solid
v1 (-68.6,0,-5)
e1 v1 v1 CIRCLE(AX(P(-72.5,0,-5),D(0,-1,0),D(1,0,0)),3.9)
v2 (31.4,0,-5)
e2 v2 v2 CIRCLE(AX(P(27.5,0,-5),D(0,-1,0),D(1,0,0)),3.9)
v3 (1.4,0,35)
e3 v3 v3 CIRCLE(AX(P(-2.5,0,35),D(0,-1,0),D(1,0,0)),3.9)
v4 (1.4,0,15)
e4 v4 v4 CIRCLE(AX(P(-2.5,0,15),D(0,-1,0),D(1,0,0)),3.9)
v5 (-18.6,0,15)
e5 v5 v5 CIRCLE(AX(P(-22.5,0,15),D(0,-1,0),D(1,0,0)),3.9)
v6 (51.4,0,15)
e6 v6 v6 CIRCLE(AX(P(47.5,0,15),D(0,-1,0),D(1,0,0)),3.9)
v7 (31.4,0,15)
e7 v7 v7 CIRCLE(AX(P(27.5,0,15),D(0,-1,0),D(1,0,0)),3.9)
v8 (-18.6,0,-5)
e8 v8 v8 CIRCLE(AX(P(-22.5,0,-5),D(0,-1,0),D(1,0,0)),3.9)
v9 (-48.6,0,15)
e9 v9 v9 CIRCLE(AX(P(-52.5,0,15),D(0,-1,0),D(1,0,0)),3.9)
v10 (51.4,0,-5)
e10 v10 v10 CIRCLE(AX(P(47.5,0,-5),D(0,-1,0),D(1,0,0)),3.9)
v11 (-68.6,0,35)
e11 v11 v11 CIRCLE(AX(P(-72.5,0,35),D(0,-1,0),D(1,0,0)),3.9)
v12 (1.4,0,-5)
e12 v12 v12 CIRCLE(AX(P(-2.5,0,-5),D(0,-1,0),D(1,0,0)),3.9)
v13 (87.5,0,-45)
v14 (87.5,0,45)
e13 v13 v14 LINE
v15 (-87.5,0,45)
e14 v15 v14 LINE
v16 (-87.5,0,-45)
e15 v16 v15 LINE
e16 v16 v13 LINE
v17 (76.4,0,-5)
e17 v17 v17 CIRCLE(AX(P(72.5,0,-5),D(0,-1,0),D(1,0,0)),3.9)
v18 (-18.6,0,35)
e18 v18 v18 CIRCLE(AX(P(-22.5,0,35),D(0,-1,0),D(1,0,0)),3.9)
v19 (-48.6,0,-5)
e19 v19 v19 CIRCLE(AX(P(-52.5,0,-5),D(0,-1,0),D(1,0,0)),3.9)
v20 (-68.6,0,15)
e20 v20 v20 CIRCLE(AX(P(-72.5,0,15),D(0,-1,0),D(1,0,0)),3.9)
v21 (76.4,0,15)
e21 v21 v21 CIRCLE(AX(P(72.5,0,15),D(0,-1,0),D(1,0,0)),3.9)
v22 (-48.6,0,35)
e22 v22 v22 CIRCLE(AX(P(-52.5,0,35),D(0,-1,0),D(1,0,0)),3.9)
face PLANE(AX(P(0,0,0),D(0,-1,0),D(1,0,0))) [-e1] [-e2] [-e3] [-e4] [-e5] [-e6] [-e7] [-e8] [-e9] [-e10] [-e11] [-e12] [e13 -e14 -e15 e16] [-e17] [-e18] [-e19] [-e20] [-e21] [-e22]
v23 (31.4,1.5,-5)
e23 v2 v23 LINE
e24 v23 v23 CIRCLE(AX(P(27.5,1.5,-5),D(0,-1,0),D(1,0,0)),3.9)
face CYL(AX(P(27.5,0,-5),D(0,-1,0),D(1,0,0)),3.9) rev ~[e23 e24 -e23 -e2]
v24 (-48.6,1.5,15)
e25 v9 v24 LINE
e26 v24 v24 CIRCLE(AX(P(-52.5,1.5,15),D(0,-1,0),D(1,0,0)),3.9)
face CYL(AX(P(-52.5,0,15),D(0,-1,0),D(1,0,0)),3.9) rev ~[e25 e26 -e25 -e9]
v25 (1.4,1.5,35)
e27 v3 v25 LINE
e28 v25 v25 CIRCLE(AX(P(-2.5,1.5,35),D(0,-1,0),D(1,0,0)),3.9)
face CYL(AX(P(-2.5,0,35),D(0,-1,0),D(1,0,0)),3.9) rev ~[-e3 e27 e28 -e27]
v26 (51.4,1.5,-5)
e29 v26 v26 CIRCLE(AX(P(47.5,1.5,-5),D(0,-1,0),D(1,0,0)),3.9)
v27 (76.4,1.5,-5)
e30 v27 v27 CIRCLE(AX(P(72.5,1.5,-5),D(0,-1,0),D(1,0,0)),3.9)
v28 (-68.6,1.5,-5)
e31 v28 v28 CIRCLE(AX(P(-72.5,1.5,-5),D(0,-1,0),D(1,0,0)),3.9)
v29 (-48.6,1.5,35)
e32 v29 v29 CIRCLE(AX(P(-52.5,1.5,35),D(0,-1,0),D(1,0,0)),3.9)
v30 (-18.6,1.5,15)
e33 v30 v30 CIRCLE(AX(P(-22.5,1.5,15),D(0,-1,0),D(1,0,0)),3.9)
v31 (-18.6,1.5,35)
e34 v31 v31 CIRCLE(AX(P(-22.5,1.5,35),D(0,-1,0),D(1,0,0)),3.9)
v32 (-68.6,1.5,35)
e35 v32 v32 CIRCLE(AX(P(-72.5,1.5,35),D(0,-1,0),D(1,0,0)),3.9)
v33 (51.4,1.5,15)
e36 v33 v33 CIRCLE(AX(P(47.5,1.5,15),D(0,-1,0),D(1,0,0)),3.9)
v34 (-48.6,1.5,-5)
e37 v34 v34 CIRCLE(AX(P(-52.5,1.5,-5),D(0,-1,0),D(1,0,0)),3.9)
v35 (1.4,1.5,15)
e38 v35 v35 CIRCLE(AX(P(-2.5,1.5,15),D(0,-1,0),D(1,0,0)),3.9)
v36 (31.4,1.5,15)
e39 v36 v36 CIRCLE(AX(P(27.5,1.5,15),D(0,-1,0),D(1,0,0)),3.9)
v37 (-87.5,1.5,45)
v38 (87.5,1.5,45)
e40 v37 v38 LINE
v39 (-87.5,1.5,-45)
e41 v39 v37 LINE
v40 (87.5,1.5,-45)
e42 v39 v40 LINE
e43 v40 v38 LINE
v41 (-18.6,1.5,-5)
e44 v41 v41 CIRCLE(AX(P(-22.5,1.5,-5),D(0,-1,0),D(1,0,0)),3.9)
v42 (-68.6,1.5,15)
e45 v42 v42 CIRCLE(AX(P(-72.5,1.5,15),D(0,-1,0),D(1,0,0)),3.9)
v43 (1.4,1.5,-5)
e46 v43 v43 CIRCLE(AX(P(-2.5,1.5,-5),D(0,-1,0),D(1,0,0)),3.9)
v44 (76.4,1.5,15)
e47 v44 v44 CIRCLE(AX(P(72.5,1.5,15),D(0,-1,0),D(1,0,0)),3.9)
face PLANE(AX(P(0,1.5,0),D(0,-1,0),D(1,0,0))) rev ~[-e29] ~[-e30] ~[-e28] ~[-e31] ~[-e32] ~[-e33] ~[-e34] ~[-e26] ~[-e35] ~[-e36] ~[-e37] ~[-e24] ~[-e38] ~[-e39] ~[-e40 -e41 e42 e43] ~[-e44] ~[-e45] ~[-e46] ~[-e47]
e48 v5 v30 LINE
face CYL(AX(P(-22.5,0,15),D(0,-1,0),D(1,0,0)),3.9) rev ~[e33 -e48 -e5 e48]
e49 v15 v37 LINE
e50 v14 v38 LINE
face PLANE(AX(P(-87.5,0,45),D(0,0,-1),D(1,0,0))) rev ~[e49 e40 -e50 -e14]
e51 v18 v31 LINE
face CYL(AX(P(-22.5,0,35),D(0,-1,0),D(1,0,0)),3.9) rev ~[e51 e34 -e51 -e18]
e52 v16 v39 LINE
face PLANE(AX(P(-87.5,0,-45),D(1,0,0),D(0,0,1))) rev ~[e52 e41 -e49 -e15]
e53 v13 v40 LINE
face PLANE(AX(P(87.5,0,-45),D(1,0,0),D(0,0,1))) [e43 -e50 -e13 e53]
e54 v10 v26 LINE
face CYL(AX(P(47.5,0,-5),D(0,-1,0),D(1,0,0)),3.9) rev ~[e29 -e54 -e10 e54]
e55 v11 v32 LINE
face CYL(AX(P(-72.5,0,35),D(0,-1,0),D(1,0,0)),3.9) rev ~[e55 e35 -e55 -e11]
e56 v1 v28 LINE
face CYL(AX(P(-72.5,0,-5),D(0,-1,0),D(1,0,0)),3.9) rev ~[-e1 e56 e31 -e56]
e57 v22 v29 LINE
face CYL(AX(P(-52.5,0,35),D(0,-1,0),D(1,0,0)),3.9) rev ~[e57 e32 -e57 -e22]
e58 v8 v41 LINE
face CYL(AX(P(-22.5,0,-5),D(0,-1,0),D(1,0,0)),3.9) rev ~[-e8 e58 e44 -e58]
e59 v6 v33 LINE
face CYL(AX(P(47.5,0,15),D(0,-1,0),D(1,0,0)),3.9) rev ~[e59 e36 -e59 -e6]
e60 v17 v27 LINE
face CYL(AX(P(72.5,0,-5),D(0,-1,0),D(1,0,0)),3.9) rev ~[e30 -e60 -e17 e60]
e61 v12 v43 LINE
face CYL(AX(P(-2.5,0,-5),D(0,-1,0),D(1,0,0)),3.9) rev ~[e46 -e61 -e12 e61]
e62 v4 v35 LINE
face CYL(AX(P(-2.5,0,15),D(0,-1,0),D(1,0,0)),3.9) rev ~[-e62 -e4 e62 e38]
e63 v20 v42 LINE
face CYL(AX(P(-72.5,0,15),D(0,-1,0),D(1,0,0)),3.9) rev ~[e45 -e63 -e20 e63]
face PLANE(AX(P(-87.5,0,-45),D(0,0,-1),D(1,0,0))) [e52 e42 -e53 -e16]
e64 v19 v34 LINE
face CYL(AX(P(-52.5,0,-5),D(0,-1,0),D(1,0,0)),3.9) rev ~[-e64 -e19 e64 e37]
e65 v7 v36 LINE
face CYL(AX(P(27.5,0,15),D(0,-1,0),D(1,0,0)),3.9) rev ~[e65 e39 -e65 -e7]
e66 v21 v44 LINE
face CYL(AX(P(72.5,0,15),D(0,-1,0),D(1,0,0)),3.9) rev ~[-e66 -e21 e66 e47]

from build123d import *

# Parameters (mm, degrees)
F0_W     = 175
F0_H     = 90
F0_R     = 3.9
F1_DEPTH = 1.5


with BuildPart() as f1:
    # F0 (on Front) → F1 (new body)
    with BuildSketch(Plane.XZ):
        Rectangle(F0_W, F0_H)
        with Locations((-72.5, -5)):
            Circle(F0_R, mode=Mode.SUBTRACT)
        with Locations((-52.5, -5)):
            Circle(F0_R, mode=Mode.SUBTRACT)
        with Locations((-22.5, -5)):
            Circle(F0_R, mode=Mode.SUBTRACT)
        with Locations((-2.5, -5)):
            Circle(F0_R, mode=Mode.SUBTRACT)
        with Locations((27.5, -5)):
            Circle(F0_R, mode=Mode.SUBTRACT)
        with Locations((47.5, -5)):
            Circle(F0_R, mode=Mode.SUBTRACT)
        with Locations((72.5, -5)):
            Circle(F0_R, mode=Mode.SUBTRACT)
        with Locations((-72.5, 15)):
            Circle(F0_R, mode=Mode.SUBTRACT)
        with Locations((-52.5, 15)):
            Circle(F0_R, mode=Mode.SUBTRACT)
        with Locations((-22.5, 15)):
            Circle(F0_R, mode=Mode.SUBTRACT)
        with Locations((-2.5, 15)):
            Circle(F0_R, mode=Mode.SUBTRACT)
        with Locations((-72.5, 35)):
            Circle(F0_R, mode=Mode.SUBTRACT)
        with Locations((-52.5, 35)):
            Circle(F0_R, mode=Mode.SUBTRACT)
        with Locations((-22.5, 35)):
            Circle(F0_R, mode=Mode.SUBTRACT)
        with Locations((-2.5, 35)):
            Circle(F0_R, mode=Mode.SUBTRACT)
        with Locations((27.5, 15)):
            Circle(F0_R, mode=Mode.SUBTRACT)
        with Locations((47.5, 15)):
            Circle(F0_R, mode=Mode.SUBTRACT)
        with Locations((72.5, 15)):
            Circle(F0_R, mode=Mode.SUBTRACT)
    extrude(amount=-F1_DEPTH)


solid = f1.part
